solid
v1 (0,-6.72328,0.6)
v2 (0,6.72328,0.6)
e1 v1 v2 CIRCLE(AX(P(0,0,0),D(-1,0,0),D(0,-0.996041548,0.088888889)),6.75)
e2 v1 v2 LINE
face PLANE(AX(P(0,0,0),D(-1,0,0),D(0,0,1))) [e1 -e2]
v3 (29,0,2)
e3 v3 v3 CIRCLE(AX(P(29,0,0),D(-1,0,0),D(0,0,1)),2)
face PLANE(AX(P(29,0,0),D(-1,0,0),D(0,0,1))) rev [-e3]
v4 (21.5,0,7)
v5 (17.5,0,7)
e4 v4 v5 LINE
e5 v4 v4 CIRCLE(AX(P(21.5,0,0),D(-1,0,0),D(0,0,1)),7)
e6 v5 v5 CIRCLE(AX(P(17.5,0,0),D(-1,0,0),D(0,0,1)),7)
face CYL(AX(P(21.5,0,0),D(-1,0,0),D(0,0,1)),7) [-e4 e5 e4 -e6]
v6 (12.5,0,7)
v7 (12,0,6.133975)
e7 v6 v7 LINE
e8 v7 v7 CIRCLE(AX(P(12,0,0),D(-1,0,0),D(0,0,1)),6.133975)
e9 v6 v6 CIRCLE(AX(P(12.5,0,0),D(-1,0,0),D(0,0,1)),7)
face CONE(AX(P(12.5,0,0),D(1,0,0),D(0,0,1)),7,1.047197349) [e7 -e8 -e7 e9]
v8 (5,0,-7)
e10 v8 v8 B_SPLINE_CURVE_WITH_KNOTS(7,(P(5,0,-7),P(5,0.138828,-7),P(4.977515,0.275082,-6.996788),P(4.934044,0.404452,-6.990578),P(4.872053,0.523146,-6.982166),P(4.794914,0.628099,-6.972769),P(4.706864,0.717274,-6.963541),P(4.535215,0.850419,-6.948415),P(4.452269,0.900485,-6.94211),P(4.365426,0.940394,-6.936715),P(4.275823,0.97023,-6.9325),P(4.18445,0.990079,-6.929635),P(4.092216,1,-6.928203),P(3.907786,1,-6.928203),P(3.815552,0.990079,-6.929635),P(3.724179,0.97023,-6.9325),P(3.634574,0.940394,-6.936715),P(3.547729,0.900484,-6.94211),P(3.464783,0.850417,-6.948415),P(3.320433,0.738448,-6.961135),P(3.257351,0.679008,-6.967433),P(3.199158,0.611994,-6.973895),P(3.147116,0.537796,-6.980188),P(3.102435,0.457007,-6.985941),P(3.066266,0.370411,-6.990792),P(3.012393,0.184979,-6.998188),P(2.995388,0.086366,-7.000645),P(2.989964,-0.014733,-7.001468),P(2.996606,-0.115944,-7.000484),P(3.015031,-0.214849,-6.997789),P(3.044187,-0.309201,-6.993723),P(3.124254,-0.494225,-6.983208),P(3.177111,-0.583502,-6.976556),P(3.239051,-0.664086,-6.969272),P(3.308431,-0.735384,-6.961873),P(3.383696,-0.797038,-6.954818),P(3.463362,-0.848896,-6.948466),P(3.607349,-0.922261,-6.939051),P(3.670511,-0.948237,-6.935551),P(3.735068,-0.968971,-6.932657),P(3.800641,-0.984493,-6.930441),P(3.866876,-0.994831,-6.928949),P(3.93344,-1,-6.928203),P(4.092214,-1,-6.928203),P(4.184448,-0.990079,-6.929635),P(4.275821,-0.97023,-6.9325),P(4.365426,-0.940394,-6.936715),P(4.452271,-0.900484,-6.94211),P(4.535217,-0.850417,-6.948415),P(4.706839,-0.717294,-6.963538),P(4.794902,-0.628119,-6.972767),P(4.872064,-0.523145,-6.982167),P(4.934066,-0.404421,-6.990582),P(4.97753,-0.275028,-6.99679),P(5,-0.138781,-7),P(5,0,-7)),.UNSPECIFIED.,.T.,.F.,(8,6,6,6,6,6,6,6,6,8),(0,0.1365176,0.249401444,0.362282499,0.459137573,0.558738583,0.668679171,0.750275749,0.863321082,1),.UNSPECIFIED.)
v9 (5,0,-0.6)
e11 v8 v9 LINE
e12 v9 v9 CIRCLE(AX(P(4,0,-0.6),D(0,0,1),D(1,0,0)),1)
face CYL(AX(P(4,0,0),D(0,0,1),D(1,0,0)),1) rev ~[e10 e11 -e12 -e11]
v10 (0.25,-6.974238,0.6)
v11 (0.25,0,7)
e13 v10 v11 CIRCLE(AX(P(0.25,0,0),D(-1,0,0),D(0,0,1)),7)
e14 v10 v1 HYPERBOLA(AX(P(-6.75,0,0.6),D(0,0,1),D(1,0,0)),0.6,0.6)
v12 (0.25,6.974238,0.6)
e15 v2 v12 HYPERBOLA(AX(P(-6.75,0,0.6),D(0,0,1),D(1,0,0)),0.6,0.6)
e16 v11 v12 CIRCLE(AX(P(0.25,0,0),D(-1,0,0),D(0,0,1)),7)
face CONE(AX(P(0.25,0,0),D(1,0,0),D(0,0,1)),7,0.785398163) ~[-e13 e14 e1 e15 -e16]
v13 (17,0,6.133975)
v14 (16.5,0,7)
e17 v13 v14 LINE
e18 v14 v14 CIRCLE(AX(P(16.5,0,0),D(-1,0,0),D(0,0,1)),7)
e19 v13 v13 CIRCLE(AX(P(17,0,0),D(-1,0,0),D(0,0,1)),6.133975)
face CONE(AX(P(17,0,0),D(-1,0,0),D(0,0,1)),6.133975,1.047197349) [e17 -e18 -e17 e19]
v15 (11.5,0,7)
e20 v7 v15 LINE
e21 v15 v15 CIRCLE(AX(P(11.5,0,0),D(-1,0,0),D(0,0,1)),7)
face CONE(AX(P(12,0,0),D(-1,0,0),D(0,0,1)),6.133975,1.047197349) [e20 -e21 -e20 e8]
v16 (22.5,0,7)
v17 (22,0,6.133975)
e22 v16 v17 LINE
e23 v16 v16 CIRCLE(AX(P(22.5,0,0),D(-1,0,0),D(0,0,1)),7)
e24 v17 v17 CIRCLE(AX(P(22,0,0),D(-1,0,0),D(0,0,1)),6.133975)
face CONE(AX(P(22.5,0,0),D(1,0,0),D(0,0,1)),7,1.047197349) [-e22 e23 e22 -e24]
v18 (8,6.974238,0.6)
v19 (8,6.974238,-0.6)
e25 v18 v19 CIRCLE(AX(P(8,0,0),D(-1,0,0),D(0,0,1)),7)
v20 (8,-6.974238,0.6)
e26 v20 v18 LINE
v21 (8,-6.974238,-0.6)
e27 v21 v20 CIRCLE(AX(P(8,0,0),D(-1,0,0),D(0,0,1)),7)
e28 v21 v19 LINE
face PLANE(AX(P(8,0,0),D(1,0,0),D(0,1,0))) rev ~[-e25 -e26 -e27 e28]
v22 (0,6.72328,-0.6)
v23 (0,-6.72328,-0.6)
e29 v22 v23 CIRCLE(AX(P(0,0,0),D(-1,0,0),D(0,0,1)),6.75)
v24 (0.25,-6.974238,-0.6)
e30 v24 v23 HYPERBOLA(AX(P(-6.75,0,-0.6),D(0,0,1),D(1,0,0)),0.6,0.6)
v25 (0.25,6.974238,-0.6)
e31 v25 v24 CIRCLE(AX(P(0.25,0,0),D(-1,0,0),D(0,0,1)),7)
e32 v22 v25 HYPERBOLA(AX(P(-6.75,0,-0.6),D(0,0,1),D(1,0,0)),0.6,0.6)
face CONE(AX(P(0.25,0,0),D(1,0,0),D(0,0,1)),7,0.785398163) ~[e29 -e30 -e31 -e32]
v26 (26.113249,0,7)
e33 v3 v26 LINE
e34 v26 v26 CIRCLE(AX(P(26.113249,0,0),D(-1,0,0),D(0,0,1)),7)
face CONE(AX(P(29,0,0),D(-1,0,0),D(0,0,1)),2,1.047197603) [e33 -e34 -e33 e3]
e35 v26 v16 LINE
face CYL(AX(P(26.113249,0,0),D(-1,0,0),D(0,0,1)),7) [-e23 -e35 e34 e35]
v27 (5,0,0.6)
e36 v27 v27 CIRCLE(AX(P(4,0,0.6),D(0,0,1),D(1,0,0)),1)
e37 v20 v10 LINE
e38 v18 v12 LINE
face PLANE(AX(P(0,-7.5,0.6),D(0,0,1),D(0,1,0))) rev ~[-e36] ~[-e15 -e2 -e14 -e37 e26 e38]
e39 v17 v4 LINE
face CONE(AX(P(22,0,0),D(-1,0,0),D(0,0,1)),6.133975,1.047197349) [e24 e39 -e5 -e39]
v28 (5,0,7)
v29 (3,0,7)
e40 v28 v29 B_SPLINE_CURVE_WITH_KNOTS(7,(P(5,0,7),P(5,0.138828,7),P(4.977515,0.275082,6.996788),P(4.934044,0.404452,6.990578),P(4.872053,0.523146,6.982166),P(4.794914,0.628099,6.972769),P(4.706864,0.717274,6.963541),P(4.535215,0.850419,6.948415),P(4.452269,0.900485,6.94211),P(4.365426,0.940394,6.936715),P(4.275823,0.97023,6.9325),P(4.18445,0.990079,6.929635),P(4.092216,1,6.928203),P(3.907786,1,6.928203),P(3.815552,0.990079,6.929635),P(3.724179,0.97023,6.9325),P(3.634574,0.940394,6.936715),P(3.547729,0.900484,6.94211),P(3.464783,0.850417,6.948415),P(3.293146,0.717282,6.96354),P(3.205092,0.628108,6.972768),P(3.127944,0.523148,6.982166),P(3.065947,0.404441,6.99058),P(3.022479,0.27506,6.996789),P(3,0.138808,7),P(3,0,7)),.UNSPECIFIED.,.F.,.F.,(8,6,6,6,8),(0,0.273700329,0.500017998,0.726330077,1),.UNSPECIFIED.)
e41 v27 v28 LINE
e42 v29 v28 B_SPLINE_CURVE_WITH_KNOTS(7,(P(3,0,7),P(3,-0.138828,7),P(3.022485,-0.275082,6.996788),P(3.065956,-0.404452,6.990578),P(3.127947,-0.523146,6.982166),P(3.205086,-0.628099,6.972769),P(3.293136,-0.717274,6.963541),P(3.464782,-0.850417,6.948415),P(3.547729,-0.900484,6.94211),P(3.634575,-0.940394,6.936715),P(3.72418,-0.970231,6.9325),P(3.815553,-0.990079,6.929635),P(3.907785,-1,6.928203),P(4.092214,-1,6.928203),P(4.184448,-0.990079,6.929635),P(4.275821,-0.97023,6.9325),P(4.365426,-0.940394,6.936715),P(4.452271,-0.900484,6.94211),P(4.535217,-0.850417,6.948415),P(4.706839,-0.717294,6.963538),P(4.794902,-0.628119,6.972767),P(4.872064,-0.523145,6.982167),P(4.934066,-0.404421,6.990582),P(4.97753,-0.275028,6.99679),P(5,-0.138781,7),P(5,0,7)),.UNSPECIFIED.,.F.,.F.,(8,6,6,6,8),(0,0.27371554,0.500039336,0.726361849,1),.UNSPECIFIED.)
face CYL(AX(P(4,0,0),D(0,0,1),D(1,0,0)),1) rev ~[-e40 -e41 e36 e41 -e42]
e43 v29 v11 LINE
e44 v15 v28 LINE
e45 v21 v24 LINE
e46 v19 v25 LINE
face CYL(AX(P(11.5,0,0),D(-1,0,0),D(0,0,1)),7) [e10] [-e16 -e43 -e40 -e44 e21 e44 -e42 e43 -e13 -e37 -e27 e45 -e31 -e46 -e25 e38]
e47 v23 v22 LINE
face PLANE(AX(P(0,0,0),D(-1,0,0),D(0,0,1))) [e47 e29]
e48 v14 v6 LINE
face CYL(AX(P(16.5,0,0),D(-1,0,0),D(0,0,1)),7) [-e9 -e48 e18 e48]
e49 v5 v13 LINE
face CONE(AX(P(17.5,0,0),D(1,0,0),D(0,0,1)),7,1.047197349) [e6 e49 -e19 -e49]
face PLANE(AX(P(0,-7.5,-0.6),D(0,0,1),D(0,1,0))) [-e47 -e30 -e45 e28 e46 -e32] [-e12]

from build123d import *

# Parameters (mm, degrees)
F2_SIZE  = 0.25
F3_W     = 15
F3_H     = 1.2
F4_DEPTH = 8
F5_R     = 1
F6_DEPTH = 12.5


with BuildPart() as f1:
    # F0 (on Front) → F1 (revolve)
    with BuildSketch(Plane.XZ):
        Polygon((0, 7), (0, 0), (29, 0), (29, 2), (26.113249, 7), (22.5, 7), (22, 6.133975), (21.5, 7), (17.5, 7), (17, 6.133975), (16.5, 7), (12.5, 7), (12, 6.133975), (11.5, 7), align=None)
    revolve(axis=Axis((14.5, 0, 0), (-1, 0, 0)))

    # F2
    f2_edges = [f1.edges().sort_by_distance(p)[0] for p in [
        (0, 0, -7),
    ]]
    chamfer(f2_edges, length=F2_SIZE)

    # F3 (on Right) → F4 (cut)
    with BuildSketch(Plane.YZ):
        Rectangle(F3_W, F3_H)
    extrude(amount=F4_DEPTH, mode=Mode.SUBTRACT)

    # F5 (on Top) → F6 (cut, symmetric)
    with BuildSketch(Plane.XY):
        with Locations((4, 0)):
            Circle(F5_R)
    extrude(amount=F6_DEPTH, both=True, mode=Mode.SUBTRACT)


solid = f1.part
